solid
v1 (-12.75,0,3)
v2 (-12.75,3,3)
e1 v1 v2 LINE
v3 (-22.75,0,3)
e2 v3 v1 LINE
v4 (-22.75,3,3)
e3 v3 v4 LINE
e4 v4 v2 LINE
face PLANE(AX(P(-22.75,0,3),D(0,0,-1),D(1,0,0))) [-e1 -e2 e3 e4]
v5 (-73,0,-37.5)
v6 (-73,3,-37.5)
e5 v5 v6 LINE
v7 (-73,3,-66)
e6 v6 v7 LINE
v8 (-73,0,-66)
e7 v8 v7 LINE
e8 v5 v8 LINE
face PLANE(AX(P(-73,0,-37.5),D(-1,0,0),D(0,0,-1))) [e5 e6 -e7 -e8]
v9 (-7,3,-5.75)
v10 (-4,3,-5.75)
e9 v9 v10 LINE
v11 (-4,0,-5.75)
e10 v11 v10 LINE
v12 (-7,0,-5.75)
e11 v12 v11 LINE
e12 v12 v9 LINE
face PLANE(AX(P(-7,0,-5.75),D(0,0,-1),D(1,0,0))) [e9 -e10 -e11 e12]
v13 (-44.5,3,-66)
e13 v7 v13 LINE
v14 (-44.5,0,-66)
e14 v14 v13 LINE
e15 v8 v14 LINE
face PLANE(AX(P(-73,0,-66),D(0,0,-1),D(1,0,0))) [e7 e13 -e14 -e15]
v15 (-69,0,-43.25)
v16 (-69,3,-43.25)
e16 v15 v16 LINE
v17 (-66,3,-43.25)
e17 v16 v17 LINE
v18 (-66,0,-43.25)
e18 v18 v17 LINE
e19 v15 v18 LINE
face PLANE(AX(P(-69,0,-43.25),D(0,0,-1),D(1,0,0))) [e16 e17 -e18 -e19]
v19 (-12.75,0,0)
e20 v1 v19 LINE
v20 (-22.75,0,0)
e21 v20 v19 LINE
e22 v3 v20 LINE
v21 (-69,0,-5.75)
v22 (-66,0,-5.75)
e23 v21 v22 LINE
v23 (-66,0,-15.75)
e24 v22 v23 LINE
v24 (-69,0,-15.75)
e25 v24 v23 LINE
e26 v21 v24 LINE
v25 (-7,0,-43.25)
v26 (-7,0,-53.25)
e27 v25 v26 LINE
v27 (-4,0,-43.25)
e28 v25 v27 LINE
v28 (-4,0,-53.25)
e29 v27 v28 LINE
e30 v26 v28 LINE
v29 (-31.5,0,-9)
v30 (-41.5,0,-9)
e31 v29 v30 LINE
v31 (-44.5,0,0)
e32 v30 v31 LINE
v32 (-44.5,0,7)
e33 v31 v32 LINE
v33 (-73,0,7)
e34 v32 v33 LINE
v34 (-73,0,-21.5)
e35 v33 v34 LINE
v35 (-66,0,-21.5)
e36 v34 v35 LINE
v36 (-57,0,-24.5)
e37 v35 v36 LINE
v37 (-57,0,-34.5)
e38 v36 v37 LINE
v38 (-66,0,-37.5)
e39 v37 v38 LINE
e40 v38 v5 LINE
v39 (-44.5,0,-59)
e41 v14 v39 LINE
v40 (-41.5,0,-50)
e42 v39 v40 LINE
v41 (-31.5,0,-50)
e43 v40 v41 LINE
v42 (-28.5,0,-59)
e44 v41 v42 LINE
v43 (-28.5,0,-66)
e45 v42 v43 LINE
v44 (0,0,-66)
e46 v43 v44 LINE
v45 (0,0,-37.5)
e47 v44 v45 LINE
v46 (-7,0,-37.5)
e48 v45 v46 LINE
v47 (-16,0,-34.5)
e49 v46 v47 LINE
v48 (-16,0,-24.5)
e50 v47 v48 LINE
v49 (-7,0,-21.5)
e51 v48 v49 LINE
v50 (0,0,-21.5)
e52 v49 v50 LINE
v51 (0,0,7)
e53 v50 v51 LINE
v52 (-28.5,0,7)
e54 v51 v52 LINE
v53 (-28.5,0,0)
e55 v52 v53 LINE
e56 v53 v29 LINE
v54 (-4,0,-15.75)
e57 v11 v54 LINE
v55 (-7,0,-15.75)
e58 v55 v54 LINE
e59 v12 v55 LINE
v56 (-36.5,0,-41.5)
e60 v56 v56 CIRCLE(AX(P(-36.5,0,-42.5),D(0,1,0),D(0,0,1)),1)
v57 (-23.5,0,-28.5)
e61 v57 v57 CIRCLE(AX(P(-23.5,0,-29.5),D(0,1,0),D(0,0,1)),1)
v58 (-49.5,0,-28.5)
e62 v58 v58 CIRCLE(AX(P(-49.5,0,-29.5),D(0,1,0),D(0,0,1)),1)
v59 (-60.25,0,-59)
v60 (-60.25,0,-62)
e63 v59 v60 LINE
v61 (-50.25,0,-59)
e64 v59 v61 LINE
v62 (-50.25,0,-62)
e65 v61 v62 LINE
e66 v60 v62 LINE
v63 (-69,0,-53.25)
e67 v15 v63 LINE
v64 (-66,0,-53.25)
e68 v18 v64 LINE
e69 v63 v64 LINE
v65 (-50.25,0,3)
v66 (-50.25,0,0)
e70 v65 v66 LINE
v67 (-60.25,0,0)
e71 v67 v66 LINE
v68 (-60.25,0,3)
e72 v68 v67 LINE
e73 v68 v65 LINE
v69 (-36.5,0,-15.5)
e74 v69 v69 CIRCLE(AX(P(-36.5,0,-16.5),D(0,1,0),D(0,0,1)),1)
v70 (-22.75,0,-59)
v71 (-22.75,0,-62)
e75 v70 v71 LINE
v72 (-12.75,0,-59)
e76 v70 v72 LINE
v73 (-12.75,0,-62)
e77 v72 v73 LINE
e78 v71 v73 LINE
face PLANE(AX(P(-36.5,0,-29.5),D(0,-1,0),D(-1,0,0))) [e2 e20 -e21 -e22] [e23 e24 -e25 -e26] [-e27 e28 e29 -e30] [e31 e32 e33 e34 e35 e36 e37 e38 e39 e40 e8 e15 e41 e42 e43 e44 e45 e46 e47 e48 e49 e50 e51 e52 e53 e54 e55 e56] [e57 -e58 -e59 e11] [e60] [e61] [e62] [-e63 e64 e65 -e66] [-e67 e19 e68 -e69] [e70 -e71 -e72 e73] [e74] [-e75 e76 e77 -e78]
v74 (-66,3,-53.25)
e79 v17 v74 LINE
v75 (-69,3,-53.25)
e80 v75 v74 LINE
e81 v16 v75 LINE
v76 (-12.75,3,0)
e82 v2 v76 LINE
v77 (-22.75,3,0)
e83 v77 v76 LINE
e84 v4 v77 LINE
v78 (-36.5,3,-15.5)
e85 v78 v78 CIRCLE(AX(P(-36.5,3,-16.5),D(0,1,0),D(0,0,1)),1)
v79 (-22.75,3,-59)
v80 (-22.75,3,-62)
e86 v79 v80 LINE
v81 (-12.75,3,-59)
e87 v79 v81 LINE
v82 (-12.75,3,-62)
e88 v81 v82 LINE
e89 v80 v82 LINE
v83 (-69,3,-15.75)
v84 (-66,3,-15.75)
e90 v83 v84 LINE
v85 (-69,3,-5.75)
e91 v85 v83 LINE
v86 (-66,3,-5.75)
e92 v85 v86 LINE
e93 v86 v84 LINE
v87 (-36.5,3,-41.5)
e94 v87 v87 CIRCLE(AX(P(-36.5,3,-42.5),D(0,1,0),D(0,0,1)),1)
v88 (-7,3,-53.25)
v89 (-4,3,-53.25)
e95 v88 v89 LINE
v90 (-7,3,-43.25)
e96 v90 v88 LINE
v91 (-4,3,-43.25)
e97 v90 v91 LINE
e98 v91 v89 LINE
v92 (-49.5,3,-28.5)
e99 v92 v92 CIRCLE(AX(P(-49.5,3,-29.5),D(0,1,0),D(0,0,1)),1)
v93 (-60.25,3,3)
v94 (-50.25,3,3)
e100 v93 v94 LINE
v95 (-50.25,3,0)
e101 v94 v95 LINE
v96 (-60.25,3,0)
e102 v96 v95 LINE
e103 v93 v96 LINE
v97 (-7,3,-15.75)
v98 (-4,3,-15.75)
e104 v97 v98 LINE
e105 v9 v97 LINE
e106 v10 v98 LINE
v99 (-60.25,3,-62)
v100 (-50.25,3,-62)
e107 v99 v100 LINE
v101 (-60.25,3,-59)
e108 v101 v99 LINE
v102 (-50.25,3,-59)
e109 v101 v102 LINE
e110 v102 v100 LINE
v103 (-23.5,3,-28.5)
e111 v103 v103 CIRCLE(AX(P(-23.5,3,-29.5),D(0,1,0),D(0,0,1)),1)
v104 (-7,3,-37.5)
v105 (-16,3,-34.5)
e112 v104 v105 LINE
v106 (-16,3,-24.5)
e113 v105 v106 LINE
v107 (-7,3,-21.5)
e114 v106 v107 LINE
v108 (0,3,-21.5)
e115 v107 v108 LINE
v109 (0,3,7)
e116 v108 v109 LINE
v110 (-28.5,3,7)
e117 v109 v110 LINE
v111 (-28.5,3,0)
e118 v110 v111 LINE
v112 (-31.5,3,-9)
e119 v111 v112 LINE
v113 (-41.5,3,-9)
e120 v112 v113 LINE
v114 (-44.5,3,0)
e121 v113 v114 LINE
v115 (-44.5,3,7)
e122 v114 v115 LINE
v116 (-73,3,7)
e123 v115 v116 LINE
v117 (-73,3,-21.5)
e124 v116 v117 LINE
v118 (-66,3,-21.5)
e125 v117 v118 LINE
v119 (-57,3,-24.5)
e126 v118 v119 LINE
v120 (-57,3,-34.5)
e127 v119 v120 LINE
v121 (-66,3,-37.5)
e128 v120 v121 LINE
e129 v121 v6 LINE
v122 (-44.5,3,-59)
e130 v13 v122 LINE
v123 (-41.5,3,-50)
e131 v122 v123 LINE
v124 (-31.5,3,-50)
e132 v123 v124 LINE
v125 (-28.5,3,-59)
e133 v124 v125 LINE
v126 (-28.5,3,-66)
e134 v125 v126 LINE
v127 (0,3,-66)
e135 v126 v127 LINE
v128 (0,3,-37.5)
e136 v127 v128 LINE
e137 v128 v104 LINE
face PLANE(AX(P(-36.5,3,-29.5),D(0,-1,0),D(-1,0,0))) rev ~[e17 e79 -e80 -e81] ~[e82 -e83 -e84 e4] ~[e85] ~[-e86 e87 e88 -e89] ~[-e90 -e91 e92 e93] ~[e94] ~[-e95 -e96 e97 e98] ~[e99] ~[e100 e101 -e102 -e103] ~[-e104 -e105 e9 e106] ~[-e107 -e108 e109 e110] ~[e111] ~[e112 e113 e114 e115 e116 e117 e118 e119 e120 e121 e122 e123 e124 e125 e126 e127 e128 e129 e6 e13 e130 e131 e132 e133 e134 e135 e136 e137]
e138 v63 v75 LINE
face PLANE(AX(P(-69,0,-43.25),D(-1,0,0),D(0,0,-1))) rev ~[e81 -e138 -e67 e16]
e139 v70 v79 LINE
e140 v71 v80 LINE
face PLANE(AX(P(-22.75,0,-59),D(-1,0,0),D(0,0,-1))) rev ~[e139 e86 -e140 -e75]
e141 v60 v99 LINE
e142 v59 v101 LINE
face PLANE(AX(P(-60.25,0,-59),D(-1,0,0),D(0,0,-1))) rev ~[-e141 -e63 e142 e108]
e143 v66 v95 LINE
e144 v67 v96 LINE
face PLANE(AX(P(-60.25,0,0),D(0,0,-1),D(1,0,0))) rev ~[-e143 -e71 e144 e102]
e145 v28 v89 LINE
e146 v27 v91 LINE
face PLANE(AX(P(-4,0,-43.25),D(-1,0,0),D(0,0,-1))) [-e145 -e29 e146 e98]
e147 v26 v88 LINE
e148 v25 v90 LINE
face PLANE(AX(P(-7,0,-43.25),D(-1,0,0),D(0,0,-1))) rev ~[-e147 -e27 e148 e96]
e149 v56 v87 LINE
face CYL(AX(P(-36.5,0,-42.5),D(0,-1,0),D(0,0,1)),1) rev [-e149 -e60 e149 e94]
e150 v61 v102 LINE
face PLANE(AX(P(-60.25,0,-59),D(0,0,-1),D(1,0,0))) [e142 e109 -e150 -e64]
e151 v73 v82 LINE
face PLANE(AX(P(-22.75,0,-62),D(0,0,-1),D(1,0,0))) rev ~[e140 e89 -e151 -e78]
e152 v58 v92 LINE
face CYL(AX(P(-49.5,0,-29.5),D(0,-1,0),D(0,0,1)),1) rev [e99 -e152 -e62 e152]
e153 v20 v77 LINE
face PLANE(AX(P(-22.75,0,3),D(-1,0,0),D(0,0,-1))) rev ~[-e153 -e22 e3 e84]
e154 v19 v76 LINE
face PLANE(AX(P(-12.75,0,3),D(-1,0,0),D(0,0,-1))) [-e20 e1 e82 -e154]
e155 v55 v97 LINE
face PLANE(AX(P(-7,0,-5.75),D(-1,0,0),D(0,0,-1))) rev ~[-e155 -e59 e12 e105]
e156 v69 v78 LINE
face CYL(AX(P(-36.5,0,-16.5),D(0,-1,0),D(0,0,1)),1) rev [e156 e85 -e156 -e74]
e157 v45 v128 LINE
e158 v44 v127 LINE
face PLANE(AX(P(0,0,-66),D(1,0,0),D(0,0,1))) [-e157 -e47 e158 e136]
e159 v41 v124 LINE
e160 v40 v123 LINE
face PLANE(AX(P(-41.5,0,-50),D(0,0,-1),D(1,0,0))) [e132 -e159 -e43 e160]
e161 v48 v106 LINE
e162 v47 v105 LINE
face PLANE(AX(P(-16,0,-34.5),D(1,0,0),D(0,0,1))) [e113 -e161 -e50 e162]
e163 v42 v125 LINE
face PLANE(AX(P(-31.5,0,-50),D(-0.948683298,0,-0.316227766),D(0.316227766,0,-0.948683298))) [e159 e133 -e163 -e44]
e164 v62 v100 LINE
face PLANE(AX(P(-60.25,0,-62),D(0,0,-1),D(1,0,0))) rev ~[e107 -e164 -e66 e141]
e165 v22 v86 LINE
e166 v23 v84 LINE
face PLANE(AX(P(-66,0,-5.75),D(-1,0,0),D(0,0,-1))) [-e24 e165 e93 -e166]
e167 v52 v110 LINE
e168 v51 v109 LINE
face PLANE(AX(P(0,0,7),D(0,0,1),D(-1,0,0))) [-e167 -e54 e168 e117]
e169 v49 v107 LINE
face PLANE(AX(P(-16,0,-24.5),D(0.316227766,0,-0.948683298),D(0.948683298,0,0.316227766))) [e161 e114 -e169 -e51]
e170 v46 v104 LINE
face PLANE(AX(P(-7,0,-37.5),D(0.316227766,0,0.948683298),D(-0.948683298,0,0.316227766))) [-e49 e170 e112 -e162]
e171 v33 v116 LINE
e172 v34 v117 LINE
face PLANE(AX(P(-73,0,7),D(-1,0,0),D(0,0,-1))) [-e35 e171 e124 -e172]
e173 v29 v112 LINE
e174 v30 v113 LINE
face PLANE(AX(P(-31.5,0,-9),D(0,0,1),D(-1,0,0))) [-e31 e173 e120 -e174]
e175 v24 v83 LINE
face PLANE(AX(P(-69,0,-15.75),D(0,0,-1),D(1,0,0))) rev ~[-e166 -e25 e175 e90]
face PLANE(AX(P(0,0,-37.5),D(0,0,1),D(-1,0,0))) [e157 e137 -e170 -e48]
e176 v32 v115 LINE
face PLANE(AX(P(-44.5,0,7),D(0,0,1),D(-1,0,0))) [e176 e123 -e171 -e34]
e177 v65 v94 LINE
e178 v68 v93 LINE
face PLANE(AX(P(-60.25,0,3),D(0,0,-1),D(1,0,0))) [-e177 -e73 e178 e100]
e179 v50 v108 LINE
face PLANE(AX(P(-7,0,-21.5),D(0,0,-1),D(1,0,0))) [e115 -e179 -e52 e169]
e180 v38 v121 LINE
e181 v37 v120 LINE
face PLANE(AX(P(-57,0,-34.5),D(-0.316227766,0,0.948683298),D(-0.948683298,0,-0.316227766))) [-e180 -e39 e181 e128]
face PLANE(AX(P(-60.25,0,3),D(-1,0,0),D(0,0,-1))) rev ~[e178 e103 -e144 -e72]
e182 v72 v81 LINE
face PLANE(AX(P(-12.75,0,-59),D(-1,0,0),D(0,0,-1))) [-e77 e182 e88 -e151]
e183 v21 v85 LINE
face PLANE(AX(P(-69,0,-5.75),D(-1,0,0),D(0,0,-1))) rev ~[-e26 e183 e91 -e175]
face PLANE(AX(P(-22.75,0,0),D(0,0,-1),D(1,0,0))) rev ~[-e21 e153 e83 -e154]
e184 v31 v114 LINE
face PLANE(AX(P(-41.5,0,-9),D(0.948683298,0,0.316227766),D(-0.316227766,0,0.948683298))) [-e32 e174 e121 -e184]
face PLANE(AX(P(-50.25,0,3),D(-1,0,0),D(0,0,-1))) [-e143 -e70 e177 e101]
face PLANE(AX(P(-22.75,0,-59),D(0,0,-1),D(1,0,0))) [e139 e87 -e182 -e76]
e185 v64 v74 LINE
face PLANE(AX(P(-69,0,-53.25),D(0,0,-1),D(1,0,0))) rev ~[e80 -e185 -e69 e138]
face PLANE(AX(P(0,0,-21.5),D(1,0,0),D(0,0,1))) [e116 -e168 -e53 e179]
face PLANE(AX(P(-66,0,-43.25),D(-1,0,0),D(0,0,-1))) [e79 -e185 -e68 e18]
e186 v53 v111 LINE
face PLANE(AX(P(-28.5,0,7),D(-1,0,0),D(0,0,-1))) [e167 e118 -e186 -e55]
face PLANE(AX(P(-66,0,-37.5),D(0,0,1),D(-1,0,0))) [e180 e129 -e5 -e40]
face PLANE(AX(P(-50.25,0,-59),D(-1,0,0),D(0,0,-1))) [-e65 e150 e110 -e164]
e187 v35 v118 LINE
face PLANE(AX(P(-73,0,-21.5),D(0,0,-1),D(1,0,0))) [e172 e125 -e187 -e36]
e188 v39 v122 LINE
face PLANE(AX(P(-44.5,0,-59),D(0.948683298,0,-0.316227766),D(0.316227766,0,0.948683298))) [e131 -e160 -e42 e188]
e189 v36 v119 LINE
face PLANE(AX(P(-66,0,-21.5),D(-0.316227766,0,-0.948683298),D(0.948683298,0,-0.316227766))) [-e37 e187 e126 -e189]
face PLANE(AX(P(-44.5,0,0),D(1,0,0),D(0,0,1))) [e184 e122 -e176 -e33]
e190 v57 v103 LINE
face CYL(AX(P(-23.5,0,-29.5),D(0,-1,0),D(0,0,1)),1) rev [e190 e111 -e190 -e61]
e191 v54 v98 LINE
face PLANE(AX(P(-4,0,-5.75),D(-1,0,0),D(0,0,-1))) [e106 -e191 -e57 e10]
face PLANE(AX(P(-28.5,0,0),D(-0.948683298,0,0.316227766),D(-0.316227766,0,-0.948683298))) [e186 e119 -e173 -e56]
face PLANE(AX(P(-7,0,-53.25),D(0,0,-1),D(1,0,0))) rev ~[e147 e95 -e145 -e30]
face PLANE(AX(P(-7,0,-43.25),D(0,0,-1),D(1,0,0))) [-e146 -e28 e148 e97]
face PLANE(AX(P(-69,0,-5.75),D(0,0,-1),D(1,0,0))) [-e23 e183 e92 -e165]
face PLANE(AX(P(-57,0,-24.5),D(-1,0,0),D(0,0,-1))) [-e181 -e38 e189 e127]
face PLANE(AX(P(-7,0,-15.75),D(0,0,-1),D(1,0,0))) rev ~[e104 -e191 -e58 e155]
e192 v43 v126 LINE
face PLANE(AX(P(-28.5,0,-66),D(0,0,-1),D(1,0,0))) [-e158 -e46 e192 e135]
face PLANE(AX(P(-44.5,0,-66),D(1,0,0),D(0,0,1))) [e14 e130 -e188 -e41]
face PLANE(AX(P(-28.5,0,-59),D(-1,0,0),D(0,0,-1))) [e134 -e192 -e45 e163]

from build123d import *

# Parameters (mm, degrees)
SKETCH1_R           = 1
SKETCH1_W           = 3
SKETCH1_H           = 10
SKETCH1_W_2         = 10
SKETCH1_H_2         = 3
BOSS_EXTRUDE1_DEPTH = 3


with BuildPart() as part:
    # Sketch1 → Boss-Extrude1 (new body)
    with BuildSketch(Plane(origin=(0, 0, 0), x_dir=(1, 0, 0), z_dir=(0, 1, 0))):
        Polygon((-31.5, 9), (-41.5, 9), (-44.5, 0), (-44.5, -7), (-73, -7), (-73, 21.5), (-66, 21.5), (-57, 24.5), (-57, 34.5), (-66, 37.5), (-73, 37.5), (-73, 66), (-44.5, 66), (-44.5, 59), (-41.5, 50), (-31.5, 50), (-28.5, 59), (-28.5, 66), (0, 66), (0, 37.5), (-7, 37.5), (-16, 34.5), (-16, 24.5), (-7, 21.5), (0, 21.5), (0, -7), (-28.5, -7), (-28.5, 0), align=None)
        with Locations(Location((-36.5, 42.5, 0), (0, 0, 270))):
            Circle(SKETCH1_R, mode=Mode.SUBTRACT)
        with Locations(Location((-23.5, 29.5, 0), (0, 0, 270))):
            Circle(SKETCH1_R, mode=Mode.SUBTRACT)
        with Locations(Location((-36.5, 16.5, 0), (0, 0, 270))):
            Circle(SKETCH1_R, mode=Mode.SUBTRACT)
        with Locations(Location((-49.5, 29.5, 0), (0, 0, 270))):
            Circle(SKETCH1_R, mode=Mode.SUBTRACT)
        with Locations((-5.5, 48.25)):
            Rectangle(SKETCH1_W, SKETCH1_H, mode=Mode.SUBTRACT)
        with Locations((-5.5, 10.75)):
            Rectangle(SKETCH1_W, SKETCH1_H, mode=Mode.SUBTRACT)
        with Locations((-67.5, 10.75)):
            Rectangle(SKETCH1_W, SKETCH1_H, mode=Mode.SUBTRACT)
        with Locations((-67.5, 48.25)):
            Rectangle(SKETCH1_W, SKETCH1_H, mode=Mode.SUBTRACT)
        with Locations((-55.25, -1.5)):
            Rectangle(SKETCH1_W_2, SKETCH1_H_2, mode=Mode.SUBTRACT)
        with Locations((-17.75, -1.5)):
            Rectangle(SKETCH1_W_2, SKETCH1_H_2, mode=Mode.SUBTRACT)
        with Locations((-17.75, 60.5)):
            Rectangle(SKETCH1_W_2, SKETCH1_H_2, mode=Mode.SUBTRACT)
        with Locations((-55.25, 60.5)):
            Rectangle(SKETCH1_W_2, SKETCH1_H_2, mode=Mode.SUBTRACT)
    extrude(amount=BOSS_EXTRUDE1_DEPTH)


solid = part.part
